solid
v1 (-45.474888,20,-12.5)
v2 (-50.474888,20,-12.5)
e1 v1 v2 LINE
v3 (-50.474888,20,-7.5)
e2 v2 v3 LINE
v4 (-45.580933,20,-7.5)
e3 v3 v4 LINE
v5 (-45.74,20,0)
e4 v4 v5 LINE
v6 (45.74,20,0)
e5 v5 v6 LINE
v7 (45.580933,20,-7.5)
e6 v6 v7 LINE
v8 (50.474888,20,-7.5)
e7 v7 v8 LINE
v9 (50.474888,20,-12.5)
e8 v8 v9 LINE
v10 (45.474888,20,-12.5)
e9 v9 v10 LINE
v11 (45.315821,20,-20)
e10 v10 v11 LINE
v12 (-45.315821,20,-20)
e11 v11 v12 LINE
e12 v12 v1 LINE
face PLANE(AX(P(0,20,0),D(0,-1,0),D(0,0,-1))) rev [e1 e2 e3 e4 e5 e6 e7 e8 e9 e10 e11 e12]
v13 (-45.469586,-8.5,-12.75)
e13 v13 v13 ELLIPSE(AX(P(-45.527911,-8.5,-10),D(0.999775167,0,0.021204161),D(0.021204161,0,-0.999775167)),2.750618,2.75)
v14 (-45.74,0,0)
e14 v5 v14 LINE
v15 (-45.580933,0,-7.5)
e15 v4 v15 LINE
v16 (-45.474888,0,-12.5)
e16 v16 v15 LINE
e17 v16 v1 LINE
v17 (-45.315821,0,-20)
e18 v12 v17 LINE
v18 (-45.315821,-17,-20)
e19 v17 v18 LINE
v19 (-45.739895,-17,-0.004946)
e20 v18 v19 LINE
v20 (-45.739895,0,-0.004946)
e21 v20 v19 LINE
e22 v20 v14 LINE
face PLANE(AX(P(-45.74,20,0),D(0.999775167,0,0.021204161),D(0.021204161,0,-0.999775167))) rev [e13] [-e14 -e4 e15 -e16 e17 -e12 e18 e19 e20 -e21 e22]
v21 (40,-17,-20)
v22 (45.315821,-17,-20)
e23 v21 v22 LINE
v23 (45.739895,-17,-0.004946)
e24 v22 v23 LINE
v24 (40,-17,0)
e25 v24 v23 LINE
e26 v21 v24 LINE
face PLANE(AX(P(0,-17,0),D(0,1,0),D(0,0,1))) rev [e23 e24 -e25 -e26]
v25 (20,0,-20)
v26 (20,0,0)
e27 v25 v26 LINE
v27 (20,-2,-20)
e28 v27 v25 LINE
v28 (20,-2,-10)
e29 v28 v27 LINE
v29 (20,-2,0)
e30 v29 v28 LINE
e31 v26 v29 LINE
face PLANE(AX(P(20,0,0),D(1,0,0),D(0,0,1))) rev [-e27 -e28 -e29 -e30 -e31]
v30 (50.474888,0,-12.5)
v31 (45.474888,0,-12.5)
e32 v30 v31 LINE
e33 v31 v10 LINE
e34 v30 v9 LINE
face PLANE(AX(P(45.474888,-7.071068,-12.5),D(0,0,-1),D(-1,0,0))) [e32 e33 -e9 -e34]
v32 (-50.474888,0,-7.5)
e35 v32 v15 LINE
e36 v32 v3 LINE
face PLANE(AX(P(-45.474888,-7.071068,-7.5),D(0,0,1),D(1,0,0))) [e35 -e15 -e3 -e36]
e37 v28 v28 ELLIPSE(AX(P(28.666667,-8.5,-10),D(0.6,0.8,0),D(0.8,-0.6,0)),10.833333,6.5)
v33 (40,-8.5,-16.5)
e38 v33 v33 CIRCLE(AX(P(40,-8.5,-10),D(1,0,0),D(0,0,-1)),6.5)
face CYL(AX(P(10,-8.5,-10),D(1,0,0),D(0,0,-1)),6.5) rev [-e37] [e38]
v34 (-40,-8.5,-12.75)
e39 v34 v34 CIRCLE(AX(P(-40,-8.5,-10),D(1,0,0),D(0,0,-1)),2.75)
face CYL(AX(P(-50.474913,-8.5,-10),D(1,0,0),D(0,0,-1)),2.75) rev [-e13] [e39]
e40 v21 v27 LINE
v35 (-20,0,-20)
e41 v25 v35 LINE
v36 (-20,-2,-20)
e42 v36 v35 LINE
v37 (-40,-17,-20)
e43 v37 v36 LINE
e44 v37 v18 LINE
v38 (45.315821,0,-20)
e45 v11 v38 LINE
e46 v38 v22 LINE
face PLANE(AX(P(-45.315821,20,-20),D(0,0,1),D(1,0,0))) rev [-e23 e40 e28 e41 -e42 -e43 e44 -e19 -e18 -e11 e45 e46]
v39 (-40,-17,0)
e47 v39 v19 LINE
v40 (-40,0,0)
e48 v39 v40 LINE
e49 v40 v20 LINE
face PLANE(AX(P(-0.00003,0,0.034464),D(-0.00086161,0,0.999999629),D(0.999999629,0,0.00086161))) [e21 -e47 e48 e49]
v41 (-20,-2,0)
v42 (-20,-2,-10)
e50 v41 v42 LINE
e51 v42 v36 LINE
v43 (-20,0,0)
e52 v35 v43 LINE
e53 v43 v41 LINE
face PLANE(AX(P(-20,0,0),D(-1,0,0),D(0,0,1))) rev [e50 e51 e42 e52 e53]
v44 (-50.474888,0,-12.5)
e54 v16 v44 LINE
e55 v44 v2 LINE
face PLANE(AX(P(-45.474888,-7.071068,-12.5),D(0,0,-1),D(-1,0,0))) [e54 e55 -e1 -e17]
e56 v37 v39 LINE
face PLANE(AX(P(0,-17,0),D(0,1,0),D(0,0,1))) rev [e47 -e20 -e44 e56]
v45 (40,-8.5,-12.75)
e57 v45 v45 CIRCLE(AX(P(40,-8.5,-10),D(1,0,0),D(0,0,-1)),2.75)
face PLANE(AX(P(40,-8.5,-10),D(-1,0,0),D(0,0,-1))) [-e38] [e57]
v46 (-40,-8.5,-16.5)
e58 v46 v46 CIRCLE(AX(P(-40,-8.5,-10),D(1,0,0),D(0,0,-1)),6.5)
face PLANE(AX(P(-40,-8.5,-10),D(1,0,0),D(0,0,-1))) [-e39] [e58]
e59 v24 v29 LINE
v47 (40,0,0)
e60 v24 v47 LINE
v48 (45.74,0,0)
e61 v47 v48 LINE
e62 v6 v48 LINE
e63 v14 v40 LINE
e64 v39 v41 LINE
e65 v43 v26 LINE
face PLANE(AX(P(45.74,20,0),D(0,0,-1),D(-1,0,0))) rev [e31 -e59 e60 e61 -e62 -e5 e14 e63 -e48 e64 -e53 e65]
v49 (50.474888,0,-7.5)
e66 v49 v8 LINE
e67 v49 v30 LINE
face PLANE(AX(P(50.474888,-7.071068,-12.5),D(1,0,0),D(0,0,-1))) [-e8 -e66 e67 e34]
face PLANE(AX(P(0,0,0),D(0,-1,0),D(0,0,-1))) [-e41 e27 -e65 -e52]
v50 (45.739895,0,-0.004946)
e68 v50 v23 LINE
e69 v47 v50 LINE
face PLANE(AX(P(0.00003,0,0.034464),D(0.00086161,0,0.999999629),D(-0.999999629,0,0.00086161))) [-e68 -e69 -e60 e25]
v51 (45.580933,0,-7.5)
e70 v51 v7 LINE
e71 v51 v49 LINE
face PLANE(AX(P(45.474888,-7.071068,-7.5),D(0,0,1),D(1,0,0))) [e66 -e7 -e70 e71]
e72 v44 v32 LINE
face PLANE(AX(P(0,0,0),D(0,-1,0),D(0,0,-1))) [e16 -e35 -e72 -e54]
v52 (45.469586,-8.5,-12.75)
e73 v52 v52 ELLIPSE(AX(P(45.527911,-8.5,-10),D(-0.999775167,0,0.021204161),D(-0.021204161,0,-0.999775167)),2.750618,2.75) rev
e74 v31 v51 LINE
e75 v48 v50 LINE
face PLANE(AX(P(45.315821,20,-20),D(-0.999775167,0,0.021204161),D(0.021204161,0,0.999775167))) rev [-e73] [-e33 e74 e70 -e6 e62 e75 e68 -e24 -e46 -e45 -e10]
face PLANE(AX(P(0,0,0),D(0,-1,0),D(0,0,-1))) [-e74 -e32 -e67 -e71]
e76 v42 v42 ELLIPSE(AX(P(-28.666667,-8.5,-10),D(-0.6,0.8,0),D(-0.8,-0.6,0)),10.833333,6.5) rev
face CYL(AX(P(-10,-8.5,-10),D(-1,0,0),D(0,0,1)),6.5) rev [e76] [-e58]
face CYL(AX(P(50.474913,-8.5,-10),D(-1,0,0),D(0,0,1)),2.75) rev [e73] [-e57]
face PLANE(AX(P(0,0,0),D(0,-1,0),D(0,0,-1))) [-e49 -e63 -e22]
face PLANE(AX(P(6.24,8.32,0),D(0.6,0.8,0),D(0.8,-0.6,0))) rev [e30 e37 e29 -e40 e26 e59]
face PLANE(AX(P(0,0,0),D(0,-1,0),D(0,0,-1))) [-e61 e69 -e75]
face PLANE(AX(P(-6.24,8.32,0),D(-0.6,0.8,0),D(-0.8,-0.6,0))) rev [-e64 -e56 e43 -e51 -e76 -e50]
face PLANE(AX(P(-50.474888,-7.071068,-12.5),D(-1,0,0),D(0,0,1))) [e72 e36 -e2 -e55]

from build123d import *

# Parameters (mm, degrees)
BOSS_EXTRUDE1_DEPTH = 20
SKETCH2_W           = 5
SKETCH2_H           = 5
BOSS_EXTRUDE2_DEPTH = 20
SKETCH4_W           = 20
SKETCH4_H           = 17
SKETCH3_W           = 19.999551015
SKETCH3_H           = 17
SKETCH6_W           = 20
SKETCH6_H           = 17
SKETCH5_W           = 20
SKETCH5_H           = 2
SKETCH7_R           = 2.75
CUT_EXTRUDE1_DEPTH  = 11.47488838
SKETCH8_R           = 6.5
CUT_EXTRUDE2_DEPTH  = 30


with BuildPart() as part:
    # Sketch1 → Boss-Extrude1 (new body)
    with BuildSketch(Plane(origin=(0, 0, 0), x_dir=(1, 0, 0), z_dir=(0, 1, 0))):
        Polygon((-45.74, 0), (-45.315821408, 20), (45.315821408, 20), (45.74, 0), align=None)
    extrude(amount=BOSS_EXTRUDE1_DEPTH)

    # Sketch2 → Boss-Extrude2 (add)
    with BuildSketch(Plane(origin=(0, 20, 0), x_dir=(1, 0, 0), z_dir=(0, 1, 0))):
        with Locations((47.97488838, 10)):
            Rectangle(SKETCH2_W, SKETCH2_H)
        with Locations((-47.97488838, 10)):
            Rectangle(SKETCH2_W, SKETCH2_H)
    extrude(amount=-BOSS_EXTRUDE2_DEPTH)

    # Sketch4 → Loft1 section 0
    with BuildSketch(Plane(origin=(-40, 0, 0), x_dir=(0, 0, -1), z_dir=(1, 0, 0))):
        with Locations((10, -8.5)):
            Rectangle(SKETCH4_W, SKETCH4_H)
    # Sketch3 → Loft1 section 1
    with BuildSketch(Plane(origin=(-45.719434544, 0, -0.969660269), x_dir=(-0.021204161, 0, 0.999775167), z_dir=(-0.999775167, 0, -0.021204161))):
        with Locations((-9.034843843, -8.5)):
            Rectangle(SKETCH3_W, SKETCH3_H)
    loft1 = loft()

    # Sketch6 → Loft3 section 0
    with BuildSketch(Plane(origin=(-40, 0, 0), x_dir=(0, 0, -1), z_dir=(1, 0, 0))):
        with Locations((10, -8.5)):
            Rectangle(SKETCH6_W, SKETCH6_H)
    # Sketch5 → Loft3 section 1
    with BuildSketch(Plane(origin=(-20, 0, 0), x_dir=(0, 0, -1), z_dir=(1, 0, 0))):
        with Locations((10, -1)):
            Rectangle(SKETCH5_W, SKETCH5_H)
    loft3 = loft()

    # Sketch7 → Cut-Extrude1 (cut, through all)
    with BuildSketch(Plane(origin=(-40, 0, 0), x_dir=(0, 0, -1), z_dir=(1, 0, 0))):
        with Locations((10, -8.5)):
            Circle(SKETCH7_R)
    cut_extrude1 = extrude(amount=-CUT_EXTRUDE1_DEPTH, mode=Mode.SUBTRACT)

    # Sketch8 → Cut-Extrude2 (cut)
    with BuildSketch(Plane(origin=(-40, 0, 0), x_dir=(0, 0, -1), z_dir=(1, 0, 0))):
        with Locations((10, -8.5)):
            Circle(SKETCH8_R)
    cut_extrude2 = extrude(amount=CUT_EXTRUDE2_DEPTH, mode=Mode.SUBTRACT)

    # Mirror1: Loft1, Loft3, Cut-Extrude1, Cut-Extrude2 across plane
    add(loft1.mirror(Plane(origin=(0, 0, 0), x_dir=(0, 0, 1), z_dir=(1, 0, 0))))
    add(loft3.mirror(Plane(origin=(0, 0, 0), x_dir=(0, 0, 1), z_dir=(1, 0, 0))))
    add(cut_extrude1.mirror(Plane(origin=(0, 0, 0), x_dir=(0, 0, 1), z_dir=(1, 0, 0))), mode=Mode.SUBTRACT)
    add(cut_extrude2.mirror(Plane(origin=(0, 0, 0), x_dir=(0, 0, 1), z_dir=(1, 0, 0))), mode=Mode.SUBTRACT)


solid = part.part
